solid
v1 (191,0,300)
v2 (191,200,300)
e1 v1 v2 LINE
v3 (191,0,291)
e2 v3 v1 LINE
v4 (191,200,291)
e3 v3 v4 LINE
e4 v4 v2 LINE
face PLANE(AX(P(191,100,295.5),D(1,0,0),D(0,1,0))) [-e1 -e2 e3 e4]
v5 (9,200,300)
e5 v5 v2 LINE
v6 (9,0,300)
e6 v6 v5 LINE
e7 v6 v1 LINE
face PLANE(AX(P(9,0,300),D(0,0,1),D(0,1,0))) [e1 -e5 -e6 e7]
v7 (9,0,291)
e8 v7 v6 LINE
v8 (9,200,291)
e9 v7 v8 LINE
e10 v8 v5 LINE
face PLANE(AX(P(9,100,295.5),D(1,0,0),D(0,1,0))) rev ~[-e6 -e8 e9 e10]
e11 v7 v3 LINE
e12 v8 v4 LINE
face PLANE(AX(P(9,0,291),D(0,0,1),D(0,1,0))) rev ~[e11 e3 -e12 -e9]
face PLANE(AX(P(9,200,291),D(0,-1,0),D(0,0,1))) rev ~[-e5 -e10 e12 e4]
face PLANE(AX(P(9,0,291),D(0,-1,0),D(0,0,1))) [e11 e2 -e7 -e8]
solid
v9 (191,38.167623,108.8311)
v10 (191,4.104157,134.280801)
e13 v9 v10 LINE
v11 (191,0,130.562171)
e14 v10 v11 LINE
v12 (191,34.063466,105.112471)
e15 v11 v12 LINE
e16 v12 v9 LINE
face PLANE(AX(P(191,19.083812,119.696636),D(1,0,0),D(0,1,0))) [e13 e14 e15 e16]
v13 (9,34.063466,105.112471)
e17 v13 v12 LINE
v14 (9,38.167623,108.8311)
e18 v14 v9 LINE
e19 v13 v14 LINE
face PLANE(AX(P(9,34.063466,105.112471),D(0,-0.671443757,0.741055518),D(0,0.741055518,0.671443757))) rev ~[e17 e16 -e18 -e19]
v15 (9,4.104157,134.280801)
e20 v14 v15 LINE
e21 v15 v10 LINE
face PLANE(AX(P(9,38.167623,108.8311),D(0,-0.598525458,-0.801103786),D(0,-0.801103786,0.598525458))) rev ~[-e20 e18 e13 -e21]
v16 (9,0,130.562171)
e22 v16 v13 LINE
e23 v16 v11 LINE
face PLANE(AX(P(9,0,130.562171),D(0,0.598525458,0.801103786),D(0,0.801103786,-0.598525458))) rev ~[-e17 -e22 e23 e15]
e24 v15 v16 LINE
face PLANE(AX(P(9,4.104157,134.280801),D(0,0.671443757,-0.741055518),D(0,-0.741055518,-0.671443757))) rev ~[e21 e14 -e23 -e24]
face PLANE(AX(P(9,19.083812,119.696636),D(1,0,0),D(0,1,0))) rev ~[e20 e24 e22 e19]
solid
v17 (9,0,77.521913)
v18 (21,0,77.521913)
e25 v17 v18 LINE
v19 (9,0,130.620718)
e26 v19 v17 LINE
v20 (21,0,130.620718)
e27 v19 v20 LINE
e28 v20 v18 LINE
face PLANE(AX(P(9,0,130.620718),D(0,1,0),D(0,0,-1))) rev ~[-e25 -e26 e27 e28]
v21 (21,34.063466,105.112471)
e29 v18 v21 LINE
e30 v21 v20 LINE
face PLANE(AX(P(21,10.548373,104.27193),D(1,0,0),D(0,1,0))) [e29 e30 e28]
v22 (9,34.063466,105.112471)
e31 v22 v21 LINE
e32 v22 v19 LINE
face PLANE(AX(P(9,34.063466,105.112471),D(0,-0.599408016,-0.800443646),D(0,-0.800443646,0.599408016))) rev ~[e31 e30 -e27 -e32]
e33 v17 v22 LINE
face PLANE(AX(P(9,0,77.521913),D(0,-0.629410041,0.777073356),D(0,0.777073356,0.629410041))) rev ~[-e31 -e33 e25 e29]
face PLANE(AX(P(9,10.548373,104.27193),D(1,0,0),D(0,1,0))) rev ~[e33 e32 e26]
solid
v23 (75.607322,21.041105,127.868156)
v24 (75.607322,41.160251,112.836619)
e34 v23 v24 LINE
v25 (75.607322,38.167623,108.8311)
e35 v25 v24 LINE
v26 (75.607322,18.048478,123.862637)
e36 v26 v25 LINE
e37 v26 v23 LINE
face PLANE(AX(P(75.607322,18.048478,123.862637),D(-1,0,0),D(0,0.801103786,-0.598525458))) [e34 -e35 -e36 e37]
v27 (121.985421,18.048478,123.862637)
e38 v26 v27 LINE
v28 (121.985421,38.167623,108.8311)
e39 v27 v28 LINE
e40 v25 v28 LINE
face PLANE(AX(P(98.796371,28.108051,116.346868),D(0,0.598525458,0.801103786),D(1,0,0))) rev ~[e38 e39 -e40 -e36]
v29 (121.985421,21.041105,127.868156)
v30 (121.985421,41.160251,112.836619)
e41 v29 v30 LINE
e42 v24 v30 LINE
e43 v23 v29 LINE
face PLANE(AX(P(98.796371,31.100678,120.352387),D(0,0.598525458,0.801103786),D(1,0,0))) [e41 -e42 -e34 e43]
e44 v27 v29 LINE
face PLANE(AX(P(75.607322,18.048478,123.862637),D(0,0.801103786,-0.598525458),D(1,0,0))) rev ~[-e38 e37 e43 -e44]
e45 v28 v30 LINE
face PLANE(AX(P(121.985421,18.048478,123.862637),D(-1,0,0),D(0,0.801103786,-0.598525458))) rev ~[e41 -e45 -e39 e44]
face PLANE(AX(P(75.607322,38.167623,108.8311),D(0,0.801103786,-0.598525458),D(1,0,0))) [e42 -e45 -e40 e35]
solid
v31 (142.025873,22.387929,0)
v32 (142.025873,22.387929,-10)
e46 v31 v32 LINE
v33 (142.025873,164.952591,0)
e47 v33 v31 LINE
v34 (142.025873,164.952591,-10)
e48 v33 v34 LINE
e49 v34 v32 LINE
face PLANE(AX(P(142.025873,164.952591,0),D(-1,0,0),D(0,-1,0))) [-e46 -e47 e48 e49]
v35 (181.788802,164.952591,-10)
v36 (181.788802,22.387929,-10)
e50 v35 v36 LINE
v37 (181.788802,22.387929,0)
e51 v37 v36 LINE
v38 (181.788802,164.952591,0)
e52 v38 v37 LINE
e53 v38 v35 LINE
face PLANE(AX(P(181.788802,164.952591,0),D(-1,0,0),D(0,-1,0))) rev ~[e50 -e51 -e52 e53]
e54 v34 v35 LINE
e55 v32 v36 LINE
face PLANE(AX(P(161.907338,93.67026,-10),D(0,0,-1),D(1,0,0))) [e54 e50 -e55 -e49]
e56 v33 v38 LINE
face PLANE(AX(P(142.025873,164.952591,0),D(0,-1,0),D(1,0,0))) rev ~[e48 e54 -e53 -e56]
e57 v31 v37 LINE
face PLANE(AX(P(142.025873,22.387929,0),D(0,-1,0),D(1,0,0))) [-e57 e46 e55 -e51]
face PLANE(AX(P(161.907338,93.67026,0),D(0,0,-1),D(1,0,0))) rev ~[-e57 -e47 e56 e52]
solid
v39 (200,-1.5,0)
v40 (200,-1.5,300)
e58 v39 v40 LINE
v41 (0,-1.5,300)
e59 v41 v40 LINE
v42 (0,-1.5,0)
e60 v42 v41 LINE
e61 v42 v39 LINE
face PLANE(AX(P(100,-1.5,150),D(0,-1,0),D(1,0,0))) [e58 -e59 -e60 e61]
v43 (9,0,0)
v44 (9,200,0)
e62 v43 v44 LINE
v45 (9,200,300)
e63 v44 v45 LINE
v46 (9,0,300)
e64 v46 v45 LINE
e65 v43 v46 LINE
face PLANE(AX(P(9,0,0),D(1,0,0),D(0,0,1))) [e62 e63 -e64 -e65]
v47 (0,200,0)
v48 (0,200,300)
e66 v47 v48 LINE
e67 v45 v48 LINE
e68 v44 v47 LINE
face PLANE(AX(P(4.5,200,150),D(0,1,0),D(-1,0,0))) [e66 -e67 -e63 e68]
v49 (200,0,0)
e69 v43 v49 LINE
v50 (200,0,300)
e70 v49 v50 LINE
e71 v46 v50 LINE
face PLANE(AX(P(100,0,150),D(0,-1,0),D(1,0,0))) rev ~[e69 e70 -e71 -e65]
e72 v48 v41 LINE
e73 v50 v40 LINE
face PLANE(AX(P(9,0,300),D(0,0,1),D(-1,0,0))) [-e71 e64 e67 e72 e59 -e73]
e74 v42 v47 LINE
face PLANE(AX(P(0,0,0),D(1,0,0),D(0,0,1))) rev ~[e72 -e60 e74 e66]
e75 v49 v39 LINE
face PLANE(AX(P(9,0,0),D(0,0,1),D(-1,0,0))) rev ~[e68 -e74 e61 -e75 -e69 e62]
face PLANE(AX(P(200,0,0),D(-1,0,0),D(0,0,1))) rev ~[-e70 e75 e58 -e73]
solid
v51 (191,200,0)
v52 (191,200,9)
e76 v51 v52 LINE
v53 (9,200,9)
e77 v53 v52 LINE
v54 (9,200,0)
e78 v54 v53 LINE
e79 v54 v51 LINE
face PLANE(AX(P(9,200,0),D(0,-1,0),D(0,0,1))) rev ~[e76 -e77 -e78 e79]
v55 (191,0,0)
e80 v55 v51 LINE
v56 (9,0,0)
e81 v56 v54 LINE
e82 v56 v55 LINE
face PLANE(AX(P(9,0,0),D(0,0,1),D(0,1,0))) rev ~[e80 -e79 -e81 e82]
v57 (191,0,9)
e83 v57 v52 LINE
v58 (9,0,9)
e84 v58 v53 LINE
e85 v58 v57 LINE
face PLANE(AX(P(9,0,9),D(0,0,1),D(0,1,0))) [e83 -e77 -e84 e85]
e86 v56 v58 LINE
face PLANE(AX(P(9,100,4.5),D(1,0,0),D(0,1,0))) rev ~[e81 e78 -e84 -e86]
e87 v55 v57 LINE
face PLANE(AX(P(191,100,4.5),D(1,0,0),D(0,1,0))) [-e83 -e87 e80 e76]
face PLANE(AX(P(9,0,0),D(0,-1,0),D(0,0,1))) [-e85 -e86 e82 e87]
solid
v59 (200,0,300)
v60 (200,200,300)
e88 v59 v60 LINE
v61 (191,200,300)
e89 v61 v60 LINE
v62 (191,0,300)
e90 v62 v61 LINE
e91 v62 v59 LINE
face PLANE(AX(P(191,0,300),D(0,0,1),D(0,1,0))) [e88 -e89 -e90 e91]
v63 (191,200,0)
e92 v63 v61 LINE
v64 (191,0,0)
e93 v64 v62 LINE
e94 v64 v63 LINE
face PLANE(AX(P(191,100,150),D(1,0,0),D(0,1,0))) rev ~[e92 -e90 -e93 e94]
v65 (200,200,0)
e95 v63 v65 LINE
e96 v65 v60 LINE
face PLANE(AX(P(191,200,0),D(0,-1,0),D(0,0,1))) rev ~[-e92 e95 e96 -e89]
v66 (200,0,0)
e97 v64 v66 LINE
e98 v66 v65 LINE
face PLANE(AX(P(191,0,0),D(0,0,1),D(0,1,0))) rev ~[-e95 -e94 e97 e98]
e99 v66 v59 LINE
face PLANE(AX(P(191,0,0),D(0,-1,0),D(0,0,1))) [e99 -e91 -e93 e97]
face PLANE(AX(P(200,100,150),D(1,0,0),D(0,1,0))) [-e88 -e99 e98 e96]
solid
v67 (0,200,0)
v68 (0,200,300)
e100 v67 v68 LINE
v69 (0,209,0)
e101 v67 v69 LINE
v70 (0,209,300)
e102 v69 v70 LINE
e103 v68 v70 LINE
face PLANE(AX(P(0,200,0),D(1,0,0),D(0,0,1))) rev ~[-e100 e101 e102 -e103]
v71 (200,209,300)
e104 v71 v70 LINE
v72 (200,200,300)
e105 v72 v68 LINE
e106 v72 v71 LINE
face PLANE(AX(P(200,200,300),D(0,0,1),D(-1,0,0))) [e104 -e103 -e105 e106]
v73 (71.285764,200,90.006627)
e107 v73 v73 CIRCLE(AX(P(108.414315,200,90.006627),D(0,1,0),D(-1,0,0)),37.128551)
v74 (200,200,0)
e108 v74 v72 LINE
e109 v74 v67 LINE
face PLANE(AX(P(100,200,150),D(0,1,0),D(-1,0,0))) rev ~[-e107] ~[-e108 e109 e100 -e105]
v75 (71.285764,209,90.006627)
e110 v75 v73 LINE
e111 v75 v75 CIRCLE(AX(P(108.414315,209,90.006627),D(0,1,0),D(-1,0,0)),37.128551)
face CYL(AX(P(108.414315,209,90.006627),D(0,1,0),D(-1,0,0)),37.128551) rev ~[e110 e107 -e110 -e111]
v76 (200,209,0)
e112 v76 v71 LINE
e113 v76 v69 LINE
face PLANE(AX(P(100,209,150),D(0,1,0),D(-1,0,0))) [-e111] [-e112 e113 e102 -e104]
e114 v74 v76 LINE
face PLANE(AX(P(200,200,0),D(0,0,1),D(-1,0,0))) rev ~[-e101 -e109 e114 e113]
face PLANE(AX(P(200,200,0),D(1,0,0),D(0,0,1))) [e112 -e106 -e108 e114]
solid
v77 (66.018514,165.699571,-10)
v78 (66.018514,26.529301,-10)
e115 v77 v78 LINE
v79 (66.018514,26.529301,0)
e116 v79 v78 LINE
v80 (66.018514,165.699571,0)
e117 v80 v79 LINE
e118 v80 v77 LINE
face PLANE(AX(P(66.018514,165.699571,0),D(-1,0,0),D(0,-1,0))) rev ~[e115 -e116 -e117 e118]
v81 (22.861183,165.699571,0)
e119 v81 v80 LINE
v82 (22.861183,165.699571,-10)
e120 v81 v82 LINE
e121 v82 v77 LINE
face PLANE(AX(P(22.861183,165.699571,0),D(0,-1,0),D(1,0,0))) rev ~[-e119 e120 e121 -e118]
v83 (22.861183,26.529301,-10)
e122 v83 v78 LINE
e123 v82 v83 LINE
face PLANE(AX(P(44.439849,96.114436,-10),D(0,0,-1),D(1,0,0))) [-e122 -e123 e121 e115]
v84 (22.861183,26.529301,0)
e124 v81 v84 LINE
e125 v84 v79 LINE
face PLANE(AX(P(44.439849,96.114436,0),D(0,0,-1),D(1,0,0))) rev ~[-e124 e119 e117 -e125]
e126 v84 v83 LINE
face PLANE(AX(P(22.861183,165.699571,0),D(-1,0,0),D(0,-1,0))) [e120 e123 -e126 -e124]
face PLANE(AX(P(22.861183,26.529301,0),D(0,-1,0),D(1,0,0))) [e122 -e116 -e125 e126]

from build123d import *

# Parameters (mm, degrees)
F0_W      = 200
F0_H      = 300
F1_DEPTH  = 1.5
F2_W      = 9
F2_H      = 300
F3_DEPTH  = 200
F5_DEPTH  = 12
F7_DEPTH  = 182
F8_W      = 46.3780984282
F8_H      = 25.1142808329
F9_DEPTH  = 5
F10_W     = 200
F10_H     = 9
F11_DEPTH = 182
F12_W     = 200
F12_H     = 9
F13_DEPTH = 182
F14_W     = 200
F14_H     = 300
F15_DEPTH = 9
F16_W     = 200
F16_H     = 300
F17_DEPTH = 9
F18_R     = 37.1285508671
F19_DEPTH = 9
F20_W     = 39.7629290819
F20_H     = 142.5646618009
F21_DEPTH = 10
F22_W     = 43.1573316455
F22_H     = 139.1702704132
F23_DEPTH = 10


with BuildPart() as f1:
    # F0 (on Front) → F1 (new body)
    with BuildSketch(Plane.XZ):
        with Locations((100, 150)):
            Rectangle(F0_W, F0_H)
    extrude(amount=F1_DEPTH)

    # F2 (on face) → F3 (join)
    with BuildSketch(Plane(origin=(0, 0, 0), x_dir=(-1, 0, 0), z_dir=(0, 1, 0))):
        with Locations((-4.5, 150)):
            Rectangle(F2_W, F2_H)
    extrude(amount=F3_DEPTH)


with BuildPart() as f5:
    # F4 (on face) → F5 (new body)
    with BuildSketch(Plane.YZ.offset(9)):
        Polygon((34.0634658933, 105.1124706864), (0, 130.6207180023), (0, 77.5219127536), align=None)
    extrude(amount=F5_DEPTH)


with BuildPart() as f7:
    # F6 (on face) → F7 (new body)
    with BuildSketch(Plane.YZ.offset(9)):
        Polygon((0, 130.56217134), (34.0634658933, 105.1124706864), (38.1676233374, 108.8311001658), (4.1041574441, 134.2808008194), align=None)
    extrude(amount=F7_DEPTH)


with BuildPart() as f9:
    # F8 (on face) → F9 (new body)
    with BuildSketch(Plane(origin=(0, 65.8553375905, 88.1448892638), x_dir=(1, 0, 0), z_dir=(0, 0.5985254585, 0.8011037858))):
        with Locations((98.7963713706, -47.1190969879)):
            Rectangle(F8_W, F8_H)
    extrude(amount=F9_DEPTH)


with BuildPart() as f11:
    # F10 (on face) → F11 (new body)
    with BuildSketch(Plane.YZ.offset(9)):
        with Locations((100, 295.5)):
            Rectangle(F10_W, F10_H)
    extrude(amount=F11_DEPTH)


with BuildPart() as f13:
    # F12 (on face) → F13 (new body)
    with BuildSketch(Plane.YZ.offset(9)):
        with Locations((100, 4.5)):
            Rectangle(F12_W, F12_H)
    extrude(amount=F13_DEPTH)


with BuildPart() as f15:
    # F14 (on face) → F15 (new body)
    with BuildSketch(Plane.YZ.offset(191)):
        with Locations((100, 150)):
            Rectangle(F14_W, F14_H)
    extrude(amount=F15_DEPTH)


with BuildPart() as f17:
    # F16 (on face) → F17 (new body)
    with BuildSketch(Plane(origin=(0, 200, 0), x_dir=(-1, 0, 0), z_dir=(0, 1, 0))):
        with Locations((-100, 150)):
            Rectangle(F16_W, F16_H)
    extrude(amount=F17_DEPTH)

    # F18 (on face) → F19 (cut)
    with BuildSketch(Plane(origin=(0, 209, 0), x_dir=(-1, 0, 0), z_dir=(0, 1, 0))):
        with Locations((-108.4143146873, 90.0066271424)):
            Circle(F18_R)
    extrude(amount=-F19_DEPTH, mode=Mode.SUBTRACT)


with BuildPart() as f21:
    # F20 (on face) → F21 (new body)
    with BuildSketch(Plane(origin=(0, 0, 0), x_dir=(1, 0, 0), z_dir=(0, 0, -1))):
        with Locations((161.907337606, -93.6702601612)):
            Rectangle(F20_W, F20_H)
    extrude(amount=F21_DEPTH)


with BuildPart() as f23:
    # F22 (on face) → F23 (new body)
    with BuildSketch(Plane(origin=(0, 0, 0), x_dir=(1, 0, 0), z_dir=(0, 0, -1))):
        with Locations((44.4398485124, -96.1144361645)):
            Rectangle(F22_W, F22_H)
    extrude(amount=F23_DEPTH)


solid = Compound([f1.part, f5.part, f7.part, f9.part, f11.part, f13.part, f15.part, f17.part, f21.part, f23.part])
